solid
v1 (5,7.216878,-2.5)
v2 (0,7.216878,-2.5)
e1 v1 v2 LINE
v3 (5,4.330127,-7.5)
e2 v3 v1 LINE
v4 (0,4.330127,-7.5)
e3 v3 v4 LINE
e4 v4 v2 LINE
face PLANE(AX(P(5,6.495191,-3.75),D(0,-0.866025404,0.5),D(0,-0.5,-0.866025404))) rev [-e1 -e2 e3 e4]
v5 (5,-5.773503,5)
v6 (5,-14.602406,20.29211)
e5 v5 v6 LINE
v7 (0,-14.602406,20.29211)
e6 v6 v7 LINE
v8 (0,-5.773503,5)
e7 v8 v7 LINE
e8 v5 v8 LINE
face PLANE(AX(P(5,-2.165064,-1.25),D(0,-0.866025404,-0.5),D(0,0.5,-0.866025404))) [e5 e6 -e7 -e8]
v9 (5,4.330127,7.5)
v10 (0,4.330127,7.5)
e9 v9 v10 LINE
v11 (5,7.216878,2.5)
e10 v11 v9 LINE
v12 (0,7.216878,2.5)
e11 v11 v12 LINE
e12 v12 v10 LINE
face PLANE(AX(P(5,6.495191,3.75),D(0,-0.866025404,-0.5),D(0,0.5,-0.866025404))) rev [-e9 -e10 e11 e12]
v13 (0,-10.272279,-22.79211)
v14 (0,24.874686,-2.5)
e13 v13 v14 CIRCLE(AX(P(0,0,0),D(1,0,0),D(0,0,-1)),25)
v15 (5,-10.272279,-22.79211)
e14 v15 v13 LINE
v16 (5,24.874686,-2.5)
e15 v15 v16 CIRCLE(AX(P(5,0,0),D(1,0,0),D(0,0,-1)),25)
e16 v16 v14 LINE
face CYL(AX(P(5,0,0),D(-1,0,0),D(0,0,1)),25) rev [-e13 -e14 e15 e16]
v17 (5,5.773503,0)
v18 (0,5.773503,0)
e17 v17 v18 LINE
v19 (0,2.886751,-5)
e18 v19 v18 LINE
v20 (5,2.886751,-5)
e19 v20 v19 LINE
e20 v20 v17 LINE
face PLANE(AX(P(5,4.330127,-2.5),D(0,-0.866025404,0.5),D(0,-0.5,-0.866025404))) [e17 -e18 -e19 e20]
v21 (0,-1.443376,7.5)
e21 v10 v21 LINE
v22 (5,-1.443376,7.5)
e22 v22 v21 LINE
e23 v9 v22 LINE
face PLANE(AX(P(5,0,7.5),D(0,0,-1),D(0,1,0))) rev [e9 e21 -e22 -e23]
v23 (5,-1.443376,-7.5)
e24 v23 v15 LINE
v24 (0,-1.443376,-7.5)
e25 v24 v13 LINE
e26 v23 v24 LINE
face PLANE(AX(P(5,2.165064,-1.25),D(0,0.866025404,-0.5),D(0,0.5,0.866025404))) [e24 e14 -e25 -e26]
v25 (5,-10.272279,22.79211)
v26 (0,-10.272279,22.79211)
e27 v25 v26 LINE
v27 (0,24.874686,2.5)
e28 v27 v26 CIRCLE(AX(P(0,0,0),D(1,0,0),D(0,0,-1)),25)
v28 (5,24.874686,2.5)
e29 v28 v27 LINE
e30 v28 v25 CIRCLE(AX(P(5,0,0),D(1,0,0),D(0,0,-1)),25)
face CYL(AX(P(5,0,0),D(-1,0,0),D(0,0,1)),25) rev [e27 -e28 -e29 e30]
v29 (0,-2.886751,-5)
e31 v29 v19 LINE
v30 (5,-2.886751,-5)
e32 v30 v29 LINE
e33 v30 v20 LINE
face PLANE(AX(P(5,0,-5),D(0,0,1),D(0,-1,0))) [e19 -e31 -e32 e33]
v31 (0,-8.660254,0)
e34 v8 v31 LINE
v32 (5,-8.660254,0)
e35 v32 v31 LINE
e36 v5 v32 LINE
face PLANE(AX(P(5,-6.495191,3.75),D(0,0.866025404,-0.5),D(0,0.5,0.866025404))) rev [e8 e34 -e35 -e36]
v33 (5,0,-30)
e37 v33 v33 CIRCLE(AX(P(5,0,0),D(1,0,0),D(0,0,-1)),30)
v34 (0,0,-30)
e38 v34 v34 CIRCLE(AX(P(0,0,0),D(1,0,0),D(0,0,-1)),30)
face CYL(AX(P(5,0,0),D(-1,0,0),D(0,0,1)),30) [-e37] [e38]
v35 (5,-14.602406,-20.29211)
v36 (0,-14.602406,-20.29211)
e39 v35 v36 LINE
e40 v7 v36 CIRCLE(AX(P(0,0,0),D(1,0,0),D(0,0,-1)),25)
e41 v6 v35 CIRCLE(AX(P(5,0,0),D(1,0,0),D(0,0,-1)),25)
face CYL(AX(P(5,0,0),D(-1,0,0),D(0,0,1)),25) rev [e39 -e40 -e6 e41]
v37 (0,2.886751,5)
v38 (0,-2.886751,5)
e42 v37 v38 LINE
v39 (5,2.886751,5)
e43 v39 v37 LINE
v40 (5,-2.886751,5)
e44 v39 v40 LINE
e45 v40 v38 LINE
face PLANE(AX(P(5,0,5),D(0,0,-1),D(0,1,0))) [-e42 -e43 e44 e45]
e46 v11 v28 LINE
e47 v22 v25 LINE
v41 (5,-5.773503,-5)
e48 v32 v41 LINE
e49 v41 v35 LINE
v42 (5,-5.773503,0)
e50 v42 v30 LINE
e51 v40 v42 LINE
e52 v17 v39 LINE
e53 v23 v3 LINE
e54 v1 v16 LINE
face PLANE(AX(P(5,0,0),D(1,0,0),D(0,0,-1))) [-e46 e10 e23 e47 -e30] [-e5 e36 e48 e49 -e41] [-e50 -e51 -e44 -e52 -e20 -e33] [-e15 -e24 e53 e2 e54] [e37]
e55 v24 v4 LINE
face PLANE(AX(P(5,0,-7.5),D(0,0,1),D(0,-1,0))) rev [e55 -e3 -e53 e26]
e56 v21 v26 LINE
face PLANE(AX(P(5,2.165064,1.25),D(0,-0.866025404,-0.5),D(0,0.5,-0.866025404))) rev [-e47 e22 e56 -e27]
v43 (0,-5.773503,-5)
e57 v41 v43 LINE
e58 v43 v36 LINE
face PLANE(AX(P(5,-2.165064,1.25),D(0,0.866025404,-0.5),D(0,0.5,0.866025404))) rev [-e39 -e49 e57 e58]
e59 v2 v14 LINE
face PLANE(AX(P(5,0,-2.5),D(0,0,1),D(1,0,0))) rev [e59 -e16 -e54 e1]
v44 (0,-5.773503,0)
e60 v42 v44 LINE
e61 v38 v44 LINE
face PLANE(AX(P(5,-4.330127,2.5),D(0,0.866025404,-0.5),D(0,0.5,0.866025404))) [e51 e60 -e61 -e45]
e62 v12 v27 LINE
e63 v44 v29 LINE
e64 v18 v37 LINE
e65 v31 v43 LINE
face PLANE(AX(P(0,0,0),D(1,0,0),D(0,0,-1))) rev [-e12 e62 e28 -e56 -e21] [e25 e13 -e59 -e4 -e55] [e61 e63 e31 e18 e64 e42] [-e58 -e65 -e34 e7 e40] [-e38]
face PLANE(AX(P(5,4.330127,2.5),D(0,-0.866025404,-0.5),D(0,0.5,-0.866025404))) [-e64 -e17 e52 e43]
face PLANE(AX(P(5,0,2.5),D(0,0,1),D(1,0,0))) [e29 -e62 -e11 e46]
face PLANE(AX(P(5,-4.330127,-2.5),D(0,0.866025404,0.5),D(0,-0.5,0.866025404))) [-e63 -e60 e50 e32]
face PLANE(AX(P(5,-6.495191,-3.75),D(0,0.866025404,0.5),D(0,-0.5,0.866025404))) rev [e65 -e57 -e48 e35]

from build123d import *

# Parameters (mm, degrees)
BOSS_EXTRUDE1_DEPTH = 5


with BuildPart() as part:
    # Sketch1 → Boss-Extrude1 (new body)
    with BuildSketch(Plane(origin=(0, 0, 0), x_dir=(0, 0, -1), z_dir=(1, 0, 0))):
        with BuildLine():
            Line((2.5, 29.895651858), (2.5, 24.874685928))
            ThreePointArc((2.5, 24.874685928), (18.540496218, 16.770509831), (25, 0))
            ThreePointArc((25, 0), (24.441795639, -5.253439439), (22.792109925, -10.272279454))
            Line((22.792109925, -10.272279454), (27.140393972, -12.782762419))
            ThreePointArc((27.140393972, -12.782762419), (29.276371182, -6.549358016), (30, 0))
            ThreePointArc((30, 0), (22.079402166, 20.310096012), (2.5, 29.895651858))
        make_face()
        with BuildLine():
            ThreePointArc((-22.792109925, -10.272279454), (-21.650635095, 12.5), (-2.5, 24.874685928))
            Line((-2.5, 24.874685928), (-2.5, 29.895651858))
            ThreePointArc((-2.5, 29.895651858), (-25.980762114, 15), (-27.140393972, -12.782762419))
            Line((-27.140393972, -12.782762419), (-22.792109925, -10.272279454))
        make_face()
        with BuildLine():
            Line((-2.5, 29.895651858), (-2.5, 24.874685928))
            ThreePointArc((-2.5, 24.874685928), (0, 25), (2.5, 24.874685928))
            Line((2.5, 24.874685928), (2.5, 29.895651858))
            ThreePointArc((2.5, 29.895651858), (0, 30), (-2.5, 29.895651858))
        make_face()
        with BuildLine():
            ThreePointArc((22.792109925, -10.272279454), (21.650635095, -12.5), (20.292109925, -14.602406473))
            Line((20.292109925, -14.602406473), (24.640393972, -17.112889438))
            ThreePointArc((24.640393972, -17.112889438), (25.980762114, -15), (27.140393972, -12.782762419))
            Line((27.140393972, -12.782762419), (22.792109925, -10.272279454))
        make_face()
        with BuildLine():
            ThreePointArc((20.292109925, -14.602406473), (0, -25), (-20.292109925, -14.602406473))
            Line((-20.292109925, -14.602406473), (-24.640393972, -17.112889438))
            ThreePointArc((-24.640393972, -17.112889438), (0, -30), (24.640393972, -17.112889438))
            Line((24.640393972, -17.112889438), (20.292109925, -14.602406473))
        make_face()
        with BuildLine():
            ThreePointArc((-20.292109925, -14.602406473), (-21.650635095, -12.5), (-22.792109925, -10.272279454))
            Line((-22.792109925, -10.272279454), (-27.140393972, -12.782762419))
            ThreePointArc((-27.140393972, -12.782762419), (-25.980762114, -15), (-24.640393972, -17.112889438))
            Line((-24.640393972, -17.112889438), (-20.292109925, -14.602406473))
        make_face()
        with BuildLine():
            Line((7.5, -4.330127019), (5, -5.773502692))
            Line((5, -5.773502692), (20.292109925, -14.602406473))
            ThreePointArc((20.292109925, -14.602406473), (21.650635095, -12.5), (22.792109925, -10.272279454))
            Line((22.792109925, -10.272279454), (7.5, -1.443375673))
            Line((7.5, -1.443375673), (7.5, -4.330127019))
        make_face()
        with BuildLine():
            Line((-7.5, -4.330127019), (-7.5, -1.443375673))
            Line((-7.5, -1.443375673), (-22.792109925, -10.272279454))
            ThreePointArc((-22.792109925, -10.272279454), (-21.650635095, -12.5), (-20.292109925, -14.602406473))
            Line((-20.292109925, -14.602406473), (-5, -5.773502692))
            Line((-5, -5.773502692), (-7.5, -4.330127019))
        make_face()
        with BuildLine():
            Line((-2.5, 24.874685928), (-2.5, 7.216878365))
            Line((-2.5, 7.216878365), (0, 8.660254038))
            Line((0, 8.660254038), (2.5, 7.216878365))
            Line((2.5, 7.216878365), (2.5, 24.874685928))
            ThreePointArc((2.5, 24.874685928), (0, 25), (-2.5, 24.874685928))
        make_face()
        Polygon((-5, 2.886751346), (-2.5, 4.330127019), (-2.5, 7.216878365), (-7.5, 4.330127019), (-7.5, -1.443375673), (-5, 0), align=None)
        Polygon((-2.5, 7.216878365), (-2.5, 4.330127019), (0, 5.773502692), (2.5, 4.330127019), (2.5, 7.216878365), (0, 8.660254038), align=None)
        Polygon((2.5, 7.216878365), (2.5, 4.330127019), (5, 2.886751346), (5, 0), (7.5, -1.443375673), (7.5, 4.330127019), align=None)
        Polygon((5, -2.886751346), (2.5, -4.330127019), (5, -5.773502692), (7.5, -4.330127019), (7.5, -1.443375673), (5, 0), align=None)
        Polygon((5, -5.773502692), (2.5, -4.330127019), (0, -5.773502692), (-2.5, -4.330127019), (-5, -5.773502692), (0, -8.660254038), align=None)
        Polygon((-5, -2.886751346), (-5, 0), (-7.5, -1.443375673), (-7.5, -4.330127019), (-5, -5.773502692), (-2.5, -4.330127019), align=None)
    extrude(amount=BOSS_EXTRUDE1_DEPTH)


solid = part.part
